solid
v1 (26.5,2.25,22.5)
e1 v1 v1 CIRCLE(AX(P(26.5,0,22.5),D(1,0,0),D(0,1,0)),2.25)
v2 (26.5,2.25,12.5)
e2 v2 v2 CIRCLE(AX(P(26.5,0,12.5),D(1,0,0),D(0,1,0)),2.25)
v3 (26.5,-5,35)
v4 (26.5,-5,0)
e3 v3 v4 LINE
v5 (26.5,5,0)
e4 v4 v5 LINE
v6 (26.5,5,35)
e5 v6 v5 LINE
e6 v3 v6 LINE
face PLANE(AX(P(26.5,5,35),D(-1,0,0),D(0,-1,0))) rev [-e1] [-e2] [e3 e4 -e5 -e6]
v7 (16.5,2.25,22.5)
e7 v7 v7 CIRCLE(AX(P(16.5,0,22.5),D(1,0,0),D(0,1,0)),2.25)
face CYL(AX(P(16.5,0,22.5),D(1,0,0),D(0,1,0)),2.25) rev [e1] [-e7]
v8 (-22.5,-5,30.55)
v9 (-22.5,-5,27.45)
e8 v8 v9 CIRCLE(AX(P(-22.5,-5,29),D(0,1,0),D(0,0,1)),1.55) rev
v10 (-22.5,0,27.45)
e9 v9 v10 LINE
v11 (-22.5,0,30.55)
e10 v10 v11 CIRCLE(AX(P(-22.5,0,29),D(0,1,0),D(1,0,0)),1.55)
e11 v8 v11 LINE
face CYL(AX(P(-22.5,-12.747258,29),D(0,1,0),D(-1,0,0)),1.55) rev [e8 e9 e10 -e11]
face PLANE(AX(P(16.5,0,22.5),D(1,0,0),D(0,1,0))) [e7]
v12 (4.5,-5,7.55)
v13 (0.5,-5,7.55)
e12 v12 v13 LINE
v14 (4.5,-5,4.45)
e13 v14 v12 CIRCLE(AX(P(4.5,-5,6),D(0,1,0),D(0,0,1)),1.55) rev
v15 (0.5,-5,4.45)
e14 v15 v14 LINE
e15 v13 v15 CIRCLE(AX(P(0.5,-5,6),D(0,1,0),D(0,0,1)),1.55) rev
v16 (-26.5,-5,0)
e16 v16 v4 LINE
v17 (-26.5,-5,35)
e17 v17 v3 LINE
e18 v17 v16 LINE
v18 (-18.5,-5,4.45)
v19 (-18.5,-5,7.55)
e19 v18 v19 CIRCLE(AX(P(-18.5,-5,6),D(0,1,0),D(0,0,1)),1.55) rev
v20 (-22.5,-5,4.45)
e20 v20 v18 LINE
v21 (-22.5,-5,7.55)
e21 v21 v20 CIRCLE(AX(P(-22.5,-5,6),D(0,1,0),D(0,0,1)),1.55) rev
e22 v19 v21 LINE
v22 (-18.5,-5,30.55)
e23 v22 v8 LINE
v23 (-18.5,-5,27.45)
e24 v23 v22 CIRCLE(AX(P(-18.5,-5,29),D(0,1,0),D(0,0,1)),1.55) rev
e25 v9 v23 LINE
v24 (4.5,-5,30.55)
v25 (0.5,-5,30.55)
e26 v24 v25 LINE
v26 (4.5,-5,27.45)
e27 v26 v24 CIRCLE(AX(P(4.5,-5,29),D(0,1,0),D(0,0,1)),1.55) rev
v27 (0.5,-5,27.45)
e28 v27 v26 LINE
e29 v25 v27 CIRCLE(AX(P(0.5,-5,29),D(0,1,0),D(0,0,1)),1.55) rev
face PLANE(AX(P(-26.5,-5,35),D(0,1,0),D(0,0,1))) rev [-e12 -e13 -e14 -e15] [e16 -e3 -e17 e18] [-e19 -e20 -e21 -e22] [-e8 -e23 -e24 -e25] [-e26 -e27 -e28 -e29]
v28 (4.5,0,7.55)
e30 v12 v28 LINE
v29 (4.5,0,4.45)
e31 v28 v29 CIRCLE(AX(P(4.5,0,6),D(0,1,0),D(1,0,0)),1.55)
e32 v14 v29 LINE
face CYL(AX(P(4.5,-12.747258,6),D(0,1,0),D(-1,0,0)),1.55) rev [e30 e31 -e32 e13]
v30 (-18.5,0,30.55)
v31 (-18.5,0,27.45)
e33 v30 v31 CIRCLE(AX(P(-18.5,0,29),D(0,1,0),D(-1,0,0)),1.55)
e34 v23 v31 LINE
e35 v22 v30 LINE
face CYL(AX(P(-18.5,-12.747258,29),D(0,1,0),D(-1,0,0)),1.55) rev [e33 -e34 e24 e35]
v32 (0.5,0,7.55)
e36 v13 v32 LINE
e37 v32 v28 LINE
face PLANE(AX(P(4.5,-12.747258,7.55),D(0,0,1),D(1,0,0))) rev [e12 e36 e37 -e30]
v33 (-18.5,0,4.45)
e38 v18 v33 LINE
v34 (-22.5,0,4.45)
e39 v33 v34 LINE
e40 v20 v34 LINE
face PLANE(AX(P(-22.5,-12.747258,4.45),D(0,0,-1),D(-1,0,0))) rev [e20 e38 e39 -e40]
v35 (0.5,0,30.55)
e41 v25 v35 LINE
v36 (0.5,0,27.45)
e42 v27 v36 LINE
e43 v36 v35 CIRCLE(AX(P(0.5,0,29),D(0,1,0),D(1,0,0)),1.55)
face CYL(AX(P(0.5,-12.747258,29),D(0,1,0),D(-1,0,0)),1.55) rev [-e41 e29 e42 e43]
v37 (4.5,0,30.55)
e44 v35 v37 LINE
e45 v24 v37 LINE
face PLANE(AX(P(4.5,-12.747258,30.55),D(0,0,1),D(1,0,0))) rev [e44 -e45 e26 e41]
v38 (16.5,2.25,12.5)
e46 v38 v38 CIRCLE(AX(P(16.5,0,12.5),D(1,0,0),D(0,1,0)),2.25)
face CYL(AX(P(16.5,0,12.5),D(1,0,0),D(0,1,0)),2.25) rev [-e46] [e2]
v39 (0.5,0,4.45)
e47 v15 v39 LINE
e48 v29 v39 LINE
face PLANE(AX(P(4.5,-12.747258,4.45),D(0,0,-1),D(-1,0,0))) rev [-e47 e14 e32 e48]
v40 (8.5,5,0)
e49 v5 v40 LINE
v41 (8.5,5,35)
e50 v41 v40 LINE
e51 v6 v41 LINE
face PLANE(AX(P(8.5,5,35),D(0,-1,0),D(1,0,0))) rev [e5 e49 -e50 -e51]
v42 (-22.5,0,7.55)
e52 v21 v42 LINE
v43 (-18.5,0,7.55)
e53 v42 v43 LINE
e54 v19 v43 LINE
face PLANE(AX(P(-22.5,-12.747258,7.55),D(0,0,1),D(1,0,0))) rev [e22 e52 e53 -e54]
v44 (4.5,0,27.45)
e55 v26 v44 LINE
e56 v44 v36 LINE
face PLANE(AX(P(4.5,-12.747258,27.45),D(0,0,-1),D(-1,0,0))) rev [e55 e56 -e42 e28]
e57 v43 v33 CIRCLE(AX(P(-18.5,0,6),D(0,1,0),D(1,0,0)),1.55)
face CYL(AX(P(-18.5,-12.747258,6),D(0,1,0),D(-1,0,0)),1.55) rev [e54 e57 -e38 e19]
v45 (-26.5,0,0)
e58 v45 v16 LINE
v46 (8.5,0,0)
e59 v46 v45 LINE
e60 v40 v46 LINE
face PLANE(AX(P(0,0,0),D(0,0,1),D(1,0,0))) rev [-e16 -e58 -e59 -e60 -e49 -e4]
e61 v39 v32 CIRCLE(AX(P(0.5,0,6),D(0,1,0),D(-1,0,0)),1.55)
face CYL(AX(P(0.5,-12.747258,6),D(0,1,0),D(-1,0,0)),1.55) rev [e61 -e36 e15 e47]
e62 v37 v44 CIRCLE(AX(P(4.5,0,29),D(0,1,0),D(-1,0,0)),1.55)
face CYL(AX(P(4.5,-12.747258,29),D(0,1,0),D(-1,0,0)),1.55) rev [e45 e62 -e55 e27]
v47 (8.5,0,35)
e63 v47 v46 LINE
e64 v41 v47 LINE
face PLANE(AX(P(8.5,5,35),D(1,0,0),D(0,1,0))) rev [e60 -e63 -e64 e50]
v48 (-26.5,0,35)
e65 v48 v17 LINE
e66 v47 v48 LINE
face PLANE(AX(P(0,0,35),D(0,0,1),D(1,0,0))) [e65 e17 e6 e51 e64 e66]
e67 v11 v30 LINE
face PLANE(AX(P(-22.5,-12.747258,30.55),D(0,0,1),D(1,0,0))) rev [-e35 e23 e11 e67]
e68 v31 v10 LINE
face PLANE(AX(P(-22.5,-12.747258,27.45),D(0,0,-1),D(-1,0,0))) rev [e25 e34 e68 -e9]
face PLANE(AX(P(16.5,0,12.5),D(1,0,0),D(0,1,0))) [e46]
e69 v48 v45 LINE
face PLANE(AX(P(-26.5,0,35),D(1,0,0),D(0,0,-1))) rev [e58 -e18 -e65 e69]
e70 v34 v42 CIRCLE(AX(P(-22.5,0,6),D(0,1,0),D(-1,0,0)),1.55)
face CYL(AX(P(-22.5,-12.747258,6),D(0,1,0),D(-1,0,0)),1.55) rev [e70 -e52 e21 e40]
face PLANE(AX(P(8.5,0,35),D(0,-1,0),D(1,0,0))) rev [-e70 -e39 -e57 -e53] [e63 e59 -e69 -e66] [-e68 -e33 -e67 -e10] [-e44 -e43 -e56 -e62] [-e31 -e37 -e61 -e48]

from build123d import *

# Parameters (mm, degrees)
BOSS_EXTRUDE1_DEPTH = 35
SKETCH2_R           = 2.25
CUT_EXTRUDE1_DEPTH  = 10
CUT_EXTRUDE2_DEPTH  = 5


with BuildPart() as part:
    # Sketch1 → Boss-Extrude1 (new body)
    with BuildSketch(Plane.XY):
        Polygon((8.5, 5), (8.5, 0), (-26.5, 0), (-26.5, -5), (26.5, -5), (26.5, 5), align=None)
    extrude(amount=BOSS_EXTRUDE1_DEPTH)

    # Sketch2 → Cut-Extrude1 (cut)
    with BuildSketch(Plane(origin=(26.5, 0, 0), x_dir=(0, 0, -1), z_dir=(1, 0, 0))):
        with Locations((-22.5, 0)):
            Circle(SKETCH2_R)
        with Locations((-12.5, 0)):
            Circle(SKETCH2_R)
    extrude(amount=-CUT_EXTRUDE1_DEPTH, mode=Mode.SUBTRACT)

    # Sketch3 → Cut-Extrude2 (cut)
    with BuildSketch(Plane(origin=(0, 0, 0), x_dir=(1, 0, 0), z_dir=(0, 1, 0))):
        with BuildLine():
            Line((-22.5, -7.55), (-18.5, -7.55))
            ThreePointArc((-18.5, -7.55), (-16.95, -6), (-18.5, -4.45))
            Line((-18.5, -4.45), (-22.5, -4.45))
            ThreePointArc((-22.5, -4.45), (-24.05, -6), (-22.5, -7.55))
        make_face()
        with BuildLine():
            Line((-22.5, -30.55), (-18.5, -30.55))
            ThreePointArc((-18.5, -30.55), (-16.95, -29), (-18.5, -27.45))
            Line((-18.5, -27.45), (-22.5, -27.45))
            ThreePointArc((-22.5, -27.45), (-24.05, -29), (-22.5, -30.55))
        make_face()
        with BuildLine():
            Line((4.5, -4.45), (0.5, -4.45))
            ThreePointArc((0.5, -4.45), (-1.05, -6), (0.5, -7.55))
            Line((0.5, -7.55), (4.5, -7.55))
            ThreePointArc((4.5, -7.55), (6.05, -6), (4.5, -4.45))
        make_face()
        with BuildLine():
            Line((4.5, -27.45), (0.5, -27.45))
            ThreePointArc((0.5, -27.45), (-1.05, -29), (0.5, -30.55))
            Line((0.5, -30.55), (4.5, -30.55))
            ThreePointArc((4.5, -30.55), (6.05, -29), (4.5, -27.45))
        make_face()
    extrude(amount=-CUT_EXTRUDE2_DEPTH, mode=Mode.SUBTRACT)


solid = part.part
